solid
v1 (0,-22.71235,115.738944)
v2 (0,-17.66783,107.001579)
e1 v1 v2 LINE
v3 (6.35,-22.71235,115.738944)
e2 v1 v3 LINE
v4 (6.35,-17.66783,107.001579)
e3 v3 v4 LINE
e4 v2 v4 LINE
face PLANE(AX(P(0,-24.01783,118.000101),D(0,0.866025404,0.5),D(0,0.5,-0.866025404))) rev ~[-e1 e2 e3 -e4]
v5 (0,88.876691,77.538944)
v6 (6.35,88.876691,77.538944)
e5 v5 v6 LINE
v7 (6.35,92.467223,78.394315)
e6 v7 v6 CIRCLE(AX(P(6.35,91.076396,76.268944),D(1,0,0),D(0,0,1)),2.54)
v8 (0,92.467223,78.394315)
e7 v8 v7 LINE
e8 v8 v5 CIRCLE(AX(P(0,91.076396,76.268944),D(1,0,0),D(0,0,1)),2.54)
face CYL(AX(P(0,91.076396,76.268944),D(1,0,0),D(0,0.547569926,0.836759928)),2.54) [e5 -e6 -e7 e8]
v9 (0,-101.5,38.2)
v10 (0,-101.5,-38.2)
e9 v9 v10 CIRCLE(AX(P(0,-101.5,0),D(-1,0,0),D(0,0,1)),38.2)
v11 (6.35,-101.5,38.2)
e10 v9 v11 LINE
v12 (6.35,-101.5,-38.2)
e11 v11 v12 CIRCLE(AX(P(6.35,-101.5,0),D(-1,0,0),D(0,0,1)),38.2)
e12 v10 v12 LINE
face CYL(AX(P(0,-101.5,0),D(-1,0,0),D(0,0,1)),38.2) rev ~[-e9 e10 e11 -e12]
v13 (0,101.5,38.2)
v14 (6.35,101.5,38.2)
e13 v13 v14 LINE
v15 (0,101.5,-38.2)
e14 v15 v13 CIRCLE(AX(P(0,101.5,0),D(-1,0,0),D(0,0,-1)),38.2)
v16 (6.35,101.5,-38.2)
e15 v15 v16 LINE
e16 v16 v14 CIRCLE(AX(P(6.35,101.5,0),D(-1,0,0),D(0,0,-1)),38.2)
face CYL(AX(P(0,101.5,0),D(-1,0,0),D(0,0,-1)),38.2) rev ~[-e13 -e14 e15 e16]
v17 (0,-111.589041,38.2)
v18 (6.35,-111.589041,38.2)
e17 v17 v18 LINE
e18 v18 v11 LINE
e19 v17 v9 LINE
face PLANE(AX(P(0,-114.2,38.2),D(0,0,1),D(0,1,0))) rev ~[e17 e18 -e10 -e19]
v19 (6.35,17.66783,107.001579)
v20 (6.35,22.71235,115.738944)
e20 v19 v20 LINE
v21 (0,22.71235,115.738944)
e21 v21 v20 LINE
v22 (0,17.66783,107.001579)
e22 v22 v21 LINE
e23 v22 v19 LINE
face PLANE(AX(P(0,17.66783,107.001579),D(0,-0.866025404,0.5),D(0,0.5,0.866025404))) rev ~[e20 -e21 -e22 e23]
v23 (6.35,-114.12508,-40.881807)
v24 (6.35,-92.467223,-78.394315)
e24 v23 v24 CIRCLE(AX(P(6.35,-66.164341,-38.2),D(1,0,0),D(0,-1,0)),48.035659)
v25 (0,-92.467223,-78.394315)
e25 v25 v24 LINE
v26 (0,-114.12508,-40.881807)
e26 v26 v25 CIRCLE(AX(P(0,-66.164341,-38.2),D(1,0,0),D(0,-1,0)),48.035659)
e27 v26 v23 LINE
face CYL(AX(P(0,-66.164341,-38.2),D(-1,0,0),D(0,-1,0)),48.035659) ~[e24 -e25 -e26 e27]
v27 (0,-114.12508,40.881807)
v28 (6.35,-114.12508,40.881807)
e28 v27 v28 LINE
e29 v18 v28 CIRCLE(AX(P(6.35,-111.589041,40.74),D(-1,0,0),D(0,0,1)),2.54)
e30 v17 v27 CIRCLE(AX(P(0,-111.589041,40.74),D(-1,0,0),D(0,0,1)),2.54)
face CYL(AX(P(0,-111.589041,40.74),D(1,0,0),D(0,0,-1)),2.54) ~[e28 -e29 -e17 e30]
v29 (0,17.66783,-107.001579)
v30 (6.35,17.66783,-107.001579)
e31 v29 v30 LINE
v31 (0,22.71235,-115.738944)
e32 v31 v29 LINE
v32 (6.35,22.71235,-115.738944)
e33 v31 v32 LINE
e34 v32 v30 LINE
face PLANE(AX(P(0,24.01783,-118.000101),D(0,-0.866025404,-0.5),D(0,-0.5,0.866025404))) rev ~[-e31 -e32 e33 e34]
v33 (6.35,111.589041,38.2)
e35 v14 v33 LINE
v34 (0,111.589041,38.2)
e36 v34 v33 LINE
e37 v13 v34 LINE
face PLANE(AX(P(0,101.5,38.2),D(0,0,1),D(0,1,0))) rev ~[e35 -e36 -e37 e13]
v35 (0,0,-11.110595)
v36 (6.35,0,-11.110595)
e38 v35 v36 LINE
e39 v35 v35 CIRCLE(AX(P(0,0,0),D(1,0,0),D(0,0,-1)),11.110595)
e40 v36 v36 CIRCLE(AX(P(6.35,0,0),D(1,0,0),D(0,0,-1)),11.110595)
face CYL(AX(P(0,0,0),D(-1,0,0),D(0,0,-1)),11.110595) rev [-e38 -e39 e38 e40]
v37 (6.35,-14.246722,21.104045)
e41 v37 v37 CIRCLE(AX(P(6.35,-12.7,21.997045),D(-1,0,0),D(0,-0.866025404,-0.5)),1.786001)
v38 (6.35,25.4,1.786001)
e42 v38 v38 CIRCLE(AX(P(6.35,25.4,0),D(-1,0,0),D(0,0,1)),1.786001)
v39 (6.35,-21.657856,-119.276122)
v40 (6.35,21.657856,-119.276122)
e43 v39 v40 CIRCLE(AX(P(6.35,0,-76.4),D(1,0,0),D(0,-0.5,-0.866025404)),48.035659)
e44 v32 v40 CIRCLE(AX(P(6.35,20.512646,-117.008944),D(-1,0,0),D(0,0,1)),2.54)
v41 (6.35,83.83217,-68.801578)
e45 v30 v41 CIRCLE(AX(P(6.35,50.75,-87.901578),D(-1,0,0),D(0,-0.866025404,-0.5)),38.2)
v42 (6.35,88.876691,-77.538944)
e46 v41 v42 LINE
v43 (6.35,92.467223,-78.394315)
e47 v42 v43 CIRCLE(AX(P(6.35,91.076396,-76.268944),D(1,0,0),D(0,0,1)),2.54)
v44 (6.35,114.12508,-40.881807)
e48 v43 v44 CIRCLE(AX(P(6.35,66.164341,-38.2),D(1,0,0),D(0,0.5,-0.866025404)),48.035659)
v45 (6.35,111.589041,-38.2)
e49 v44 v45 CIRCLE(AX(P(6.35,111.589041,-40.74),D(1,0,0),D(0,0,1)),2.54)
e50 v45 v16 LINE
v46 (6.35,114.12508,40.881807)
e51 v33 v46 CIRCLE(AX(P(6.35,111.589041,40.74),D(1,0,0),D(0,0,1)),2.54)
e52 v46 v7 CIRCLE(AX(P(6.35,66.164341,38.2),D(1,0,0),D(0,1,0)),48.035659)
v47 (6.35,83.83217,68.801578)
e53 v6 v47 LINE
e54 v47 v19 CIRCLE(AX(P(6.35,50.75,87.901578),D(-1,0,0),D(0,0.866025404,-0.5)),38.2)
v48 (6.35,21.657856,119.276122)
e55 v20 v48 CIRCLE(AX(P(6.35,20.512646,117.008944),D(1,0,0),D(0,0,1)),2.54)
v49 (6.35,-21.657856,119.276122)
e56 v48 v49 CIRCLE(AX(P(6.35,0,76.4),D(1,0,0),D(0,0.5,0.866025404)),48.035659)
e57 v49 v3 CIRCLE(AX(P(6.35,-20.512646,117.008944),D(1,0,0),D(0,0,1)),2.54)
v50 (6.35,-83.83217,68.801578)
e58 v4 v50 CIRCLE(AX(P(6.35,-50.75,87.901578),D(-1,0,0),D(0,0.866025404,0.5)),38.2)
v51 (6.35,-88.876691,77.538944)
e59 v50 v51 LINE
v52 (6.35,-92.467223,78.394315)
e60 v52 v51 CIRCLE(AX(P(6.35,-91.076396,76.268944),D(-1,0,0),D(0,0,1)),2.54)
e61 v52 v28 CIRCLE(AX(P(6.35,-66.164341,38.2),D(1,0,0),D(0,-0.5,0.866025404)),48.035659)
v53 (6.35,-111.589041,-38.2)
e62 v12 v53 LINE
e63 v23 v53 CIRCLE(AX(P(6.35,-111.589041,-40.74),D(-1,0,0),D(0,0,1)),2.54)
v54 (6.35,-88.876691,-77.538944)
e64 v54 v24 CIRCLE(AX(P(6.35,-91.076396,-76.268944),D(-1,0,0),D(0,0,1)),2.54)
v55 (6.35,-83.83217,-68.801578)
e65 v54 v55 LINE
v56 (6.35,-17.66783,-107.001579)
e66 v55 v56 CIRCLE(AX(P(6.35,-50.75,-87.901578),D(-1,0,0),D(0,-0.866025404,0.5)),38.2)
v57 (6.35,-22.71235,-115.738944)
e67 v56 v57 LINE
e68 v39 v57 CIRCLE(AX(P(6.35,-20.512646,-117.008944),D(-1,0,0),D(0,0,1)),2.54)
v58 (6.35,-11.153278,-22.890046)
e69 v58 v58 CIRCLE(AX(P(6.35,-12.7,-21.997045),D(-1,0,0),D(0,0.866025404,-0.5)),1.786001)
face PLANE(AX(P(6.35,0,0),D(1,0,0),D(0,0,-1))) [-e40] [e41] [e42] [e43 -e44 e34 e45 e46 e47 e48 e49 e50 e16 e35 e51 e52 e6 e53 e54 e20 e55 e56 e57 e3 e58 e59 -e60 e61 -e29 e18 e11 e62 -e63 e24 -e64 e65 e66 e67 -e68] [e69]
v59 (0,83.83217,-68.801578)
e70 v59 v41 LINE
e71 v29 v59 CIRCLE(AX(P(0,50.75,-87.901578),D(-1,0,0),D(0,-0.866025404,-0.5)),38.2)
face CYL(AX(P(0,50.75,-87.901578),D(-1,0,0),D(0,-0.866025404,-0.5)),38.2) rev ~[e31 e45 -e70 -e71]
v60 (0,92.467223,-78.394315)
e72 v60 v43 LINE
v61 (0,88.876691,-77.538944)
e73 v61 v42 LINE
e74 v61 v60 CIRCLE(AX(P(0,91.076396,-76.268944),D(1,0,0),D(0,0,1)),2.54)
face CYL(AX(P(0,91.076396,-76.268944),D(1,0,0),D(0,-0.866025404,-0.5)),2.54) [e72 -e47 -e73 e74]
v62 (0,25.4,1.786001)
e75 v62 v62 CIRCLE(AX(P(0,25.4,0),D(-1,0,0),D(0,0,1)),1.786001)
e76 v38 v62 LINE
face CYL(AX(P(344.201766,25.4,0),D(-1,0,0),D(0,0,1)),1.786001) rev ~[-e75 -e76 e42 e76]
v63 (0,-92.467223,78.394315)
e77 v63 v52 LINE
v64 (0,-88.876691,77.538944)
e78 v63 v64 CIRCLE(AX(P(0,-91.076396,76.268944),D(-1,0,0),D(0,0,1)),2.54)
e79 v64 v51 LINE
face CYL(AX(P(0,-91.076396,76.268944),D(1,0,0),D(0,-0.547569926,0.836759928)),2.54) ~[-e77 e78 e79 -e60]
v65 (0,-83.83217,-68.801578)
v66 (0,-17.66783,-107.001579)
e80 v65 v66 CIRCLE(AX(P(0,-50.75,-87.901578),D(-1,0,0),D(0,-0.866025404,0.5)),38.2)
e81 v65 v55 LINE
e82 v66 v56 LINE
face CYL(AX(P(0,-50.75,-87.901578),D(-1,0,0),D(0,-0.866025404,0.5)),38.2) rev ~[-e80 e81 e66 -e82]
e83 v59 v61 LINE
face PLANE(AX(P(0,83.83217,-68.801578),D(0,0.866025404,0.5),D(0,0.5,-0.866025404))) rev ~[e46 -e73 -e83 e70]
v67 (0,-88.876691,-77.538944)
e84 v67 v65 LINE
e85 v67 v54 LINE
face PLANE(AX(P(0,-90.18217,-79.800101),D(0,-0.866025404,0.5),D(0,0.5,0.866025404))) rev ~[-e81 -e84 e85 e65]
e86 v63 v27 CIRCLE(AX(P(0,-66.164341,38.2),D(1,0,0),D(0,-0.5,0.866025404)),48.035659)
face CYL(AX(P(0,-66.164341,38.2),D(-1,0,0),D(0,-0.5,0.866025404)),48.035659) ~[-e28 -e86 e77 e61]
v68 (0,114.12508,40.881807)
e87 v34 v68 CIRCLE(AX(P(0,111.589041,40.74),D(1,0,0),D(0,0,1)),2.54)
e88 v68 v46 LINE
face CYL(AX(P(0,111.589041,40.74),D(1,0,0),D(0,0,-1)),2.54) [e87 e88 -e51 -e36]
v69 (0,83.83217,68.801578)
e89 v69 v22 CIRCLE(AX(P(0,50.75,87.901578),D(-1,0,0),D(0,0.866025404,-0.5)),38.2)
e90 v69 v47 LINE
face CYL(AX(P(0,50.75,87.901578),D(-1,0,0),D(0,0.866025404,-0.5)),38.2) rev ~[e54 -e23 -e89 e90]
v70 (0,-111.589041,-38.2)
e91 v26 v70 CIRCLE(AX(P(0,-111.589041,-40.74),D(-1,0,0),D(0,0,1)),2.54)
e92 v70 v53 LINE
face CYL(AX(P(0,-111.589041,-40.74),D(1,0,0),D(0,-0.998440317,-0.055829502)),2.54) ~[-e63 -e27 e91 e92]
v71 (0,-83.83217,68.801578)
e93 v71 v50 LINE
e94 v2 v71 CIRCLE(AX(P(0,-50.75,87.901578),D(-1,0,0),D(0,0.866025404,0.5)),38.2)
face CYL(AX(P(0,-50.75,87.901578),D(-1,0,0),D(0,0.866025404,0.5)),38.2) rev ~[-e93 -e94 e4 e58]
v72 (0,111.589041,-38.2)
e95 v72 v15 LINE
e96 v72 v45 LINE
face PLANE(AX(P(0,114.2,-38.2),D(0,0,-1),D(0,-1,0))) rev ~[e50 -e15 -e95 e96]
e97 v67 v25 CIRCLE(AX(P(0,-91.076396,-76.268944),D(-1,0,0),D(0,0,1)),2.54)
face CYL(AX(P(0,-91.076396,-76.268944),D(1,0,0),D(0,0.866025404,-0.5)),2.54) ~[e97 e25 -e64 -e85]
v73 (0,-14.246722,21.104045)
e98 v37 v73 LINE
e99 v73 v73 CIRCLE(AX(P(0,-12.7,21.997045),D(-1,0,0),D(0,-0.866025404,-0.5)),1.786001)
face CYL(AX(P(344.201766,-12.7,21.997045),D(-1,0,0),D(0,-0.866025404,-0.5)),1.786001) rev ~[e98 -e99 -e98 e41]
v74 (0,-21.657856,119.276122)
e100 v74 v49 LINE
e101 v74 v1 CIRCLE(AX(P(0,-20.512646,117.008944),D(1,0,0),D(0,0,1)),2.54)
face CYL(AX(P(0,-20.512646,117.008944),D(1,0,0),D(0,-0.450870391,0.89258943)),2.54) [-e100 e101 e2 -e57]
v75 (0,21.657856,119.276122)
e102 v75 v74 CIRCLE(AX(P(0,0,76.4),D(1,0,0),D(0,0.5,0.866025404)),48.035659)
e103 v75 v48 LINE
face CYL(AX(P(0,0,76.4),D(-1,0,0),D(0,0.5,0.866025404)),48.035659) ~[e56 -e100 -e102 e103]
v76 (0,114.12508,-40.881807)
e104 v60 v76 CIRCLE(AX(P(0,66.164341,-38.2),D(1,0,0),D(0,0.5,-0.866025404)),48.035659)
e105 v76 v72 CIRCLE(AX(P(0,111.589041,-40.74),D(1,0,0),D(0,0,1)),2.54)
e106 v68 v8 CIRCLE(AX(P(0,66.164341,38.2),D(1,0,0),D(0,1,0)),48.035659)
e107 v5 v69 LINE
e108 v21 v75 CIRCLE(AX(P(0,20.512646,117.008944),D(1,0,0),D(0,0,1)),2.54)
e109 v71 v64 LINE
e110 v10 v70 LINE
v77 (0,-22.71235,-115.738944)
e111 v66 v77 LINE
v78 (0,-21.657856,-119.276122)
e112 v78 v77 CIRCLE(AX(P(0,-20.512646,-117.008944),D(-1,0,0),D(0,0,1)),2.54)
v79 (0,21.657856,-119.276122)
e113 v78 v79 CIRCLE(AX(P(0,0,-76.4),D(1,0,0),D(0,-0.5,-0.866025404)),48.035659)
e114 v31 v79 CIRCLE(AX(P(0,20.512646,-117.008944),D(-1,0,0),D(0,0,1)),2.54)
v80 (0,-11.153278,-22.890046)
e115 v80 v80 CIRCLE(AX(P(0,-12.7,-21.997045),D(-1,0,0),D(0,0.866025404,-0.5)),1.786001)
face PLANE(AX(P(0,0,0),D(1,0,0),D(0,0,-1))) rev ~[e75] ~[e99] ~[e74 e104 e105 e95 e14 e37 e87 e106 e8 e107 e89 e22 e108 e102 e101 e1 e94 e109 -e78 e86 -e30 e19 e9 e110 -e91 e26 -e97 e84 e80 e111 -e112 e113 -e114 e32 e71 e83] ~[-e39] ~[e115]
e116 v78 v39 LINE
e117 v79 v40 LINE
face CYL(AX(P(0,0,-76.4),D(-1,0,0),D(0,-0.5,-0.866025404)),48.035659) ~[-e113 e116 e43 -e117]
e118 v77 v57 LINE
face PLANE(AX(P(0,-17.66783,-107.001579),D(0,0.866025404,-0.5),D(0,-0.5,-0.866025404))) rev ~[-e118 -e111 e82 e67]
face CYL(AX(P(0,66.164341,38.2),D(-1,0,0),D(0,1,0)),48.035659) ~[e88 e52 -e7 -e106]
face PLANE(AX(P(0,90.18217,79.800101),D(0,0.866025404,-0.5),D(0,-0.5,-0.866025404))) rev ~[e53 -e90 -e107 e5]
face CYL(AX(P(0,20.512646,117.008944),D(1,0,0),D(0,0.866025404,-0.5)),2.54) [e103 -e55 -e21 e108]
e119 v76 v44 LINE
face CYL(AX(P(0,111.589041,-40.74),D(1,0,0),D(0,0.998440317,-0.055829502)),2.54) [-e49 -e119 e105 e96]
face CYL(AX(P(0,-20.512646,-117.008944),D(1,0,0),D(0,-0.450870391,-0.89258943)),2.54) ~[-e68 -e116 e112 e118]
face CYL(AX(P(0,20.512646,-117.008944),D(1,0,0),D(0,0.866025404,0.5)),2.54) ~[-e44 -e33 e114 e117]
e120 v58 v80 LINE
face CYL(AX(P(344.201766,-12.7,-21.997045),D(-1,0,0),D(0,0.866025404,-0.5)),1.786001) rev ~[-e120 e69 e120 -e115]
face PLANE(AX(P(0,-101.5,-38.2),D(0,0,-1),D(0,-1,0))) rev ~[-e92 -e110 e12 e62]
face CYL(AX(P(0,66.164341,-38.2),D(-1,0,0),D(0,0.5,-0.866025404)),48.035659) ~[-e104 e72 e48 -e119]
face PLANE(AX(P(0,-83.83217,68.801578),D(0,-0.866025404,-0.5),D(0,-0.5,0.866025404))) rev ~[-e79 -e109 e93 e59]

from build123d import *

# Parameters (mm, degrees)
SKETCH1_R                       = 11.110595
BOSS_EXTRUDE1_DEPTH             = 6.35
F_9_64_0_14063_DIAMETER_HOLE1_D = 3.572002
CIRPATTERN1_COUNT               = 3
FILLET1_R                       = 2.54


with BuildPart() as part:
    # Sketch1 → Boss-Extrude1 (new body)
    with BuildSketch(Plane(origin=(0, 0, 0), x_dir=(0, 0, -1), z_dir=(1, 0, 0))):
        with BuildLine():
            Line((68.801578457, 83.832170471), (79.800101085, 90.182170471))
            ThreePointArc((79.800101085, 90.182170471), (62.217829583, 107.764441974), (38.200000054, 114.2))
            Line((38.200000054, 114.2), (38.200000054, 101.5))
            ThreePointArc((38.200000054, 101.5), (0, 63.299999946), (-38.200000054, 101.5))
            Line((-38.200000054, 101.5), (-38.200000054, 114.2))
            ThreePointArc((-38.200000054, 114.2), (-62.217829583, 107.764441974), (-79.800101085, 90.182170471))
            Line((-79.800101085, 90.182170471), (-68.801578457, 83.832170471))
            ThreePointArc((-68.801578457, 83.832170471), (-54.819408013, 31.649999973), (-107.001578511, 17.667829529))
            Line((-107.001578511, 17.667829529), (-118.000101139, 24.017829529))
            ThreePointArc((-118.000101139, 24.017829529), (-124.435659165, 0), (-118.000101139, -24.017829529))
            Line((-118.000101139, -24.017829529), (-107.001578511, -17.667829529))
            ThreePointArc((-107.001578511, -17.667829529), (-54.819408013, -31.649999973), (-68.801578457, -83.832170471))
            Line((-68.801578457, -83.832170471), (-79.800101085, -90.182170471))
            ThreePointArc((-79.800101085, -90.182170471), (-62.217829583, -107.764441974), (-38.200000054, -114.2))
            Line((-38.200000054, -114.2), (-38.200000054, -101.5))
            ThreePointArc((-38.200000054, -101.5), (0, -63.299999946), (38.200000054, -101.5))
            Line((38.200000054, -101.5), (38.200000054, -114.2))
            ThreePointArc((38.200000054, -114.2), (62.217829583, -107.764441974), (79.800101085, -90.182170471))
            Line((79.800101085, -90.182170471), (68.801578457, -83.832170471))
            ThreePointArc((68.801578457, -83.832170471), (54.819408013, -31.649999973), (107.001578511, -17.667829529))
            Line((107.001578511, -17.667829529), (118.000101139, -24.017829529))
            ThreePointArc((118.000101139, -24.017829529), (124.435659165, 0), (118.000101139, 24.017829529))
            Line((118.000101139, 24.017829529), (107.001578511, 17.667829529))
            ThreePointArc((107.001578511, 17.667829529), (54.819408013, 31.649999973), (68.801578457, 83.832170471))
        make_face()
        Circle(SKETCH1_R, mode=Mode.SUBTRACT)
    extrude(amount=BOSS_EXTRUDE1_DEPTH)

    # 9/64 (0.14063) Diameter Hole1 (through all)
    with Locations(Plane(origin=(6.35, 0, 0), x_dir=(0, 0, -1), z_dir=(1, 0, 0))):
        with Locations((0, 25.4)):
            f_9_64_0_14063_diameter_hole1 = Hole(F_9_64_0_14063_DIAMETER_HOLE1_D / 2)

    # CirPattern1: 9/64 (0.14063) Diameter Hole1 ×3 about axis
    cirpattern1_axis = Axis((0, 0, 0), (1, 0, 0))
    for i in range(1, CIRPATTERN1_COUNT):
        add(f_9_64_0_14063_diameter_hole1.rotate(cirpattern1_axis, i * 360 / CIRPATTERN1_COUNT), mode=Mode.SUBTRACT)

    # Fillet1
    fillet1_edges = [part.edges().sort_by_distance(p)[0] for p in [
        (3.175, 114.2, -38.200000054),
        (3.175, 90.182170471, -79.800101085),
        (3.175, 24.017829529, -118.000101139),
        (3.175, -24.017829529, -118.000101139),
        (3.175, -90.182170471, -79.800101085),
        (3.175, -114.2, -38.200000054),
        (3.175, -114.2, 38.200000054),
        (3.175, -90.182170471, 79.800101085),
        (3.175, -24.017829529, 118.000101139),
        (3.175, 24.017829529, 118.000101139),
        (3.175, 90.182170471, 79.800101085),
        (3.175, 114.2, 38.200000054),
    ]]
    fillet(fillet1_edges, radius=FILLET1_R)


solid = part.part
